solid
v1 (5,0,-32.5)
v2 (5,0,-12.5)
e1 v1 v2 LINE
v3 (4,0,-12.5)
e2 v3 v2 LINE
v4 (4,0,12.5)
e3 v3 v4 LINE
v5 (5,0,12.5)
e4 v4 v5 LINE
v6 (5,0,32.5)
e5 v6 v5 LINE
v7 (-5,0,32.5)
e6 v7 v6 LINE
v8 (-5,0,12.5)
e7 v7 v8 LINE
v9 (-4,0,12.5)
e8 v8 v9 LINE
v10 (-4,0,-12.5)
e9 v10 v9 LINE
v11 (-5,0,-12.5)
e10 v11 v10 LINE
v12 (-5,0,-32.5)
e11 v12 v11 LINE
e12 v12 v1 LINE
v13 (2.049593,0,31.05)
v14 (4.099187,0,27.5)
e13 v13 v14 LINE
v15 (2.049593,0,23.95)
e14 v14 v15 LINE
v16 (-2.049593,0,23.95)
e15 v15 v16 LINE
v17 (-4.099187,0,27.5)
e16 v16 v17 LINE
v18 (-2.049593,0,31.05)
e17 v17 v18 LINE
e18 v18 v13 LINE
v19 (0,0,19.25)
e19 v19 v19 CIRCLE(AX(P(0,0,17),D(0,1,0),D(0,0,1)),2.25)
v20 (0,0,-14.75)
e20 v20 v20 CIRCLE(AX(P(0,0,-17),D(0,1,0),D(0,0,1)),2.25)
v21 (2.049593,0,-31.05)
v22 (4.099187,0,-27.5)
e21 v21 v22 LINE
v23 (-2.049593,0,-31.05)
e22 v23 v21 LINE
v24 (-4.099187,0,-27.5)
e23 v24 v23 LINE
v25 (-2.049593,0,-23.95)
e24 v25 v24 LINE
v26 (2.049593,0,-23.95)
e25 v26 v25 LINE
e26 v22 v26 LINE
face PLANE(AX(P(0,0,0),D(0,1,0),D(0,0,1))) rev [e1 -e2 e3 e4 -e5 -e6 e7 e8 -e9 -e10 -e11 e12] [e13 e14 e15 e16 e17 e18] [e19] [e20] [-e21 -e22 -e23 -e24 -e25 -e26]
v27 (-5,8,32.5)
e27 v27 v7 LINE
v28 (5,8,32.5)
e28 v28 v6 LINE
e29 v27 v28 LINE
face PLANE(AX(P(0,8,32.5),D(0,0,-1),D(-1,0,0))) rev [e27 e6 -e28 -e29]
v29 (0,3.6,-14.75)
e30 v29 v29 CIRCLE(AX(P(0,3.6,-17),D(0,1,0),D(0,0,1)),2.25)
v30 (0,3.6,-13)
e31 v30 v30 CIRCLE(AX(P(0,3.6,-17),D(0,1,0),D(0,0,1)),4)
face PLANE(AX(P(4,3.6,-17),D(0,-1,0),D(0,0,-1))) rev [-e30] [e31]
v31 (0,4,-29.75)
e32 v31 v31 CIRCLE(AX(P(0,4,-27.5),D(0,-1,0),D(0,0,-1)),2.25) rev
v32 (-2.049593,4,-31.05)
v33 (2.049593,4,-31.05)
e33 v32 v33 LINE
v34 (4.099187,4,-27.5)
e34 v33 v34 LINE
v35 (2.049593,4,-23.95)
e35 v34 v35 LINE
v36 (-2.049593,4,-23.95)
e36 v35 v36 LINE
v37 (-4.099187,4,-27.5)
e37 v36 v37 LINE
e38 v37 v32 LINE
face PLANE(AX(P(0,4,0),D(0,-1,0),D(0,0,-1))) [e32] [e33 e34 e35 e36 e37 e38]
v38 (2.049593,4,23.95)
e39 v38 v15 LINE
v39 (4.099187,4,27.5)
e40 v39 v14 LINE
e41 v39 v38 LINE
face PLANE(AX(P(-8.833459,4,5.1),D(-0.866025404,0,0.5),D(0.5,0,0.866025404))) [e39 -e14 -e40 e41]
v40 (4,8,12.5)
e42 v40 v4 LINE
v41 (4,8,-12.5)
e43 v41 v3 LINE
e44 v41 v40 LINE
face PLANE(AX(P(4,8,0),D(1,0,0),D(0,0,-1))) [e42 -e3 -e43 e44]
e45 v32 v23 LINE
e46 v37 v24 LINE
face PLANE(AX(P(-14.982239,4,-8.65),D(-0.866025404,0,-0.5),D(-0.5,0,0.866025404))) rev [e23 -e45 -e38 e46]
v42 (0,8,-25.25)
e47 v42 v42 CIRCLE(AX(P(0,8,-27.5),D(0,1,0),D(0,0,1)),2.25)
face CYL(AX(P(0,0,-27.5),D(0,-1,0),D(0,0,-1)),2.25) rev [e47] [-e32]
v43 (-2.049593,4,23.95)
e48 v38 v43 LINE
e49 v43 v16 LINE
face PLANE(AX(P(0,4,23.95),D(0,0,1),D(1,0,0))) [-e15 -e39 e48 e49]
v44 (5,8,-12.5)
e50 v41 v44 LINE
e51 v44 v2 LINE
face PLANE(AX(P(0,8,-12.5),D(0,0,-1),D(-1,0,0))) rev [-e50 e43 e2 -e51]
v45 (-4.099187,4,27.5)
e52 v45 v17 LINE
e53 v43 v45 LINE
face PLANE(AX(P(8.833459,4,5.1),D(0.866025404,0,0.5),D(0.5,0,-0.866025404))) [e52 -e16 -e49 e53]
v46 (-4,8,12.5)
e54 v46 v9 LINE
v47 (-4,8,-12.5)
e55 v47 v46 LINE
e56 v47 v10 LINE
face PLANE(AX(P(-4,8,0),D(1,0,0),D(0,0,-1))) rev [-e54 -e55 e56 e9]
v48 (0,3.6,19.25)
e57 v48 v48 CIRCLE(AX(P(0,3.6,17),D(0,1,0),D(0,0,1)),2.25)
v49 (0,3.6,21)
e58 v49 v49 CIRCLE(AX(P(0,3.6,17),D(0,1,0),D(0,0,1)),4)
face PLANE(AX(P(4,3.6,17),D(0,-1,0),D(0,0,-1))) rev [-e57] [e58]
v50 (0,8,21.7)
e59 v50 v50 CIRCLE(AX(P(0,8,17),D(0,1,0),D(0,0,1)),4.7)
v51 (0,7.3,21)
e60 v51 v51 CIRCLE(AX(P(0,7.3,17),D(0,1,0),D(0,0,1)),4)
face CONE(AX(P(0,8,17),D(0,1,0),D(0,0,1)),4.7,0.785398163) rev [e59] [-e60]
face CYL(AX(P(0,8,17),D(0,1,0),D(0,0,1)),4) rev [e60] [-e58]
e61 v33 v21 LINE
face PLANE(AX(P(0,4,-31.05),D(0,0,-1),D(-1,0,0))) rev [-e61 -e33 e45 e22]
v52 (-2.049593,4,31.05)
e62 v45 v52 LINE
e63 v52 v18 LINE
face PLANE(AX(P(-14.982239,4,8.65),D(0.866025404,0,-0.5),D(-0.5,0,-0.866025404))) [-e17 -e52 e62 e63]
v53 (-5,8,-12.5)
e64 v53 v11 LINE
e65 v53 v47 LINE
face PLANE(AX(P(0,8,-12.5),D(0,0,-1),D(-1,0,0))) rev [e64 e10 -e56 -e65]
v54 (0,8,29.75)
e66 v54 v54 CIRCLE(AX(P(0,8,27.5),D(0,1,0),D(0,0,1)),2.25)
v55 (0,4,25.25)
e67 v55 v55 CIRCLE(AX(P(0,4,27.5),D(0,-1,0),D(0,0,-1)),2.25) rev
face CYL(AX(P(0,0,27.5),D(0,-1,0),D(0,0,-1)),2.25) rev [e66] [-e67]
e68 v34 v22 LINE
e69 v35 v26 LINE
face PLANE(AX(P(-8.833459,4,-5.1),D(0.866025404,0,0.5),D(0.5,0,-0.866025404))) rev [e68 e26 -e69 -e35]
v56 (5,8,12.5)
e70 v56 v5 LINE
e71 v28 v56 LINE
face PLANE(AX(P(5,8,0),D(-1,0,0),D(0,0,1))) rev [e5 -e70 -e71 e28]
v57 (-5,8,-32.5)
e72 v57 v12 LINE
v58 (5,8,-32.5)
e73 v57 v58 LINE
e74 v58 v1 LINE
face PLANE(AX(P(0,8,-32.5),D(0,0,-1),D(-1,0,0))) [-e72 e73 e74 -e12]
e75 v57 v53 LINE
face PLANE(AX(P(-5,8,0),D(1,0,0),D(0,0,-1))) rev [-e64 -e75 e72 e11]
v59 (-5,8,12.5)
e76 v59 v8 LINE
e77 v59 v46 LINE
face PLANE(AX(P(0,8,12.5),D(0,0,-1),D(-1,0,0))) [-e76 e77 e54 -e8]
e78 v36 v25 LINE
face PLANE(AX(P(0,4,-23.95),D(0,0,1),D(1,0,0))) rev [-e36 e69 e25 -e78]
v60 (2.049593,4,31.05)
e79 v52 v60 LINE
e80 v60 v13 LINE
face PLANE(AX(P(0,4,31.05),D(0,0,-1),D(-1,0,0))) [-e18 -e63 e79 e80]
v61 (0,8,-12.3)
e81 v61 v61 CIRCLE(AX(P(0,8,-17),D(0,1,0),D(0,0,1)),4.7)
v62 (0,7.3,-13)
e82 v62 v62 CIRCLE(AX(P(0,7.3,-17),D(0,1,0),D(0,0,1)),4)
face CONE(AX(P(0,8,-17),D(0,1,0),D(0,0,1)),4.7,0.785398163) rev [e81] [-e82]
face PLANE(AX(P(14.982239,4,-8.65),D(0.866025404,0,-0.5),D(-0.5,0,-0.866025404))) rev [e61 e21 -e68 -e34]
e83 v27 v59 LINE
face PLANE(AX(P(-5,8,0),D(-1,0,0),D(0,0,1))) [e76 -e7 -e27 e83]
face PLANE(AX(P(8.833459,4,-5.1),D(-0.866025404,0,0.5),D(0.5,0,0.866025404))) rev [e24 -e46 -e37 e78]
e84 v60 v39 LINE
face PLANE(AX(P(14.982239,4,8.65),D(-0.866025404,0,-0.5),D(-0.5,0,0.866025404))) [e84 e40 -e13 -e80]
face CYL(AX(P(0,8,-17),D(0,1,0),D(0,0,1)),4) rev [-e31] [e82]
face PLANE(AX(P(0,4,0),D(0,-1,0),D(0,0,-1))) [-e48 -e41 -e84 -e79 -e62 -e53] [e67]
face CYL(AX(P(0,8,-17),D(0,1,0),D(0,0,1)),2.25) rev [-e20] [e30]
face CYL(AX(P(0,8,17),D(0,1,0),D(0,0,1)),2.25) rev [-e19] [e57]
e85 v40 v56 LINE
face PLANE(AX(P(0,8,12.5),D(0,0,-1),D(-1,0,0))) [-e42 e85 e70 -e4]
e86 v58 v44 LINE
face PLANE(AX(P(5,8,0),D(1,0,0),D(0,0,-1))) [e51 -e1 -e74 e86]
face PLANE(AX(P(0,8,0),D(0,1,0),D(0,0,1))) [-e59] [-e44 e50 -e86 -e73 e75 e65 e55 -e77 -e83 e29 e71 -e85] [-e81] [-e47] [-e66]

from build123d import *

# Parameters (mm, degrees)
SKETCH_1_W                  = 10
SKETCH_1_H                  = 20
SKETCH_1_W_2                = 8
SKETCH_1_H_2                = 25
EXTRUDE_1_DEPTH             = 8
HOLE_WIZARD_M4_1_AT_2_COUNT = 2
HOLE_WIZARD_M4_1_AT_2_PITCH = 34
HOLE_WIZARD_M4_1_2_D        = 4.5
HOLE_WIZARD_M4_1_2_DEPTH    = 8
SKETCH_7_R                  = 2.25
CUT_EXTRUDE_1_DEPTH         = 4


with BuildPart() as part:
    # 스케치1 → 보스-돌출1 (new body)
    with BuildSketch(Plane(origin=(0, 0, 0), x_dir=(1, 0, 0), z_dir=(0, 1, 0))):
        with Locations((0, 22.5)):
            Rectangle(SKETCH_1_W, SKETCH_1_H)
        Rectangle(SKETCH_1_W_2, SKETCH_1_H_2)
        with Locations((0, -22.5)):
            Rectangle(SKETCH_1_W, SKETCH_1_H)
    extrude(amount=EXTRUDE_1_DEPTH)

    # 스케치3 → Hole Wizard M4 _ _ _ _ _ _1 (revolve, cut)
    with BuildSketch(Plane(origin=(0, 8, -17), x_dir=(0, 0, 1), z_dir=(1, 0, 0))):
        Polygon((0, 0), (0, 8), (2.25, 8), (2.25, 4.4), (4, 4.4), (4, 0.7), (4.7, 0), align=None)
    hole_wizard_m4_1 = revolve(axis=Axis((0, 14.35, -17), (0, -1, 0)), mode=Mode.SUBTRACT)

    # Hole Wizard M4 _ _ _ _ _ _1 at 2: Hole Wizard M4 _ _ _ _ _ _1 ×2
    with Locations(*[(0, 0, i * HOLE_WIZARD_M4_1_AT_2_PITCH) for i in range(1, HOLE_WIZARD_M4_1_AT_2_COUNT)]):
        add(hole_wizard_m4_1, mode=Mode.SUBTRACT)

    # Hole Wizard M4 _ _1 2
    with Locations(Plane(origin=(0, 0, 0), x_dir=(-1, 0, 0), z_dir=(0, -1, 0))):
        with Locations((0, -27.5), (0, 27.5), (54.10839937, -109.42081154)):
            Hole(HOLE_WIZARD_M4_1_2_D / 2, depth=HOLE_WIZARD_M4_1_2_DEPTH)

    # 스케치7 → 컷-돌출1 (cut)
    with BuildSketch(Plane.XZ):
        Polygon((2.049593456, -31.05), (4.099186911, -27.5), (2.049593456, -23.95), (-2.049593456, -23.95), (-4.099186911, -27.5), (-2.049593456, -31.05), align=None)
        with Locations((0, -27.5)):
            Circle(SKETCH_7_R, mode=Mode.SUBTRACT)
        Polygon((2.049593456, 23.95), (-2.049593456, 23.95), (-4.099186911, 27.5), (-2.049593456, 31.05), (2.049593456, 31.05), (4.099186911, 27.5), align=None)
        with Locations((0, 27.5)):
            Circle(SKETCH_7_R, mode=Mode.SUBTRACT)
    extrude(amount=-CUT_EXTRUDE_1_DEPTH, mode=Mode.SUBTRACT)


solid = part.part
